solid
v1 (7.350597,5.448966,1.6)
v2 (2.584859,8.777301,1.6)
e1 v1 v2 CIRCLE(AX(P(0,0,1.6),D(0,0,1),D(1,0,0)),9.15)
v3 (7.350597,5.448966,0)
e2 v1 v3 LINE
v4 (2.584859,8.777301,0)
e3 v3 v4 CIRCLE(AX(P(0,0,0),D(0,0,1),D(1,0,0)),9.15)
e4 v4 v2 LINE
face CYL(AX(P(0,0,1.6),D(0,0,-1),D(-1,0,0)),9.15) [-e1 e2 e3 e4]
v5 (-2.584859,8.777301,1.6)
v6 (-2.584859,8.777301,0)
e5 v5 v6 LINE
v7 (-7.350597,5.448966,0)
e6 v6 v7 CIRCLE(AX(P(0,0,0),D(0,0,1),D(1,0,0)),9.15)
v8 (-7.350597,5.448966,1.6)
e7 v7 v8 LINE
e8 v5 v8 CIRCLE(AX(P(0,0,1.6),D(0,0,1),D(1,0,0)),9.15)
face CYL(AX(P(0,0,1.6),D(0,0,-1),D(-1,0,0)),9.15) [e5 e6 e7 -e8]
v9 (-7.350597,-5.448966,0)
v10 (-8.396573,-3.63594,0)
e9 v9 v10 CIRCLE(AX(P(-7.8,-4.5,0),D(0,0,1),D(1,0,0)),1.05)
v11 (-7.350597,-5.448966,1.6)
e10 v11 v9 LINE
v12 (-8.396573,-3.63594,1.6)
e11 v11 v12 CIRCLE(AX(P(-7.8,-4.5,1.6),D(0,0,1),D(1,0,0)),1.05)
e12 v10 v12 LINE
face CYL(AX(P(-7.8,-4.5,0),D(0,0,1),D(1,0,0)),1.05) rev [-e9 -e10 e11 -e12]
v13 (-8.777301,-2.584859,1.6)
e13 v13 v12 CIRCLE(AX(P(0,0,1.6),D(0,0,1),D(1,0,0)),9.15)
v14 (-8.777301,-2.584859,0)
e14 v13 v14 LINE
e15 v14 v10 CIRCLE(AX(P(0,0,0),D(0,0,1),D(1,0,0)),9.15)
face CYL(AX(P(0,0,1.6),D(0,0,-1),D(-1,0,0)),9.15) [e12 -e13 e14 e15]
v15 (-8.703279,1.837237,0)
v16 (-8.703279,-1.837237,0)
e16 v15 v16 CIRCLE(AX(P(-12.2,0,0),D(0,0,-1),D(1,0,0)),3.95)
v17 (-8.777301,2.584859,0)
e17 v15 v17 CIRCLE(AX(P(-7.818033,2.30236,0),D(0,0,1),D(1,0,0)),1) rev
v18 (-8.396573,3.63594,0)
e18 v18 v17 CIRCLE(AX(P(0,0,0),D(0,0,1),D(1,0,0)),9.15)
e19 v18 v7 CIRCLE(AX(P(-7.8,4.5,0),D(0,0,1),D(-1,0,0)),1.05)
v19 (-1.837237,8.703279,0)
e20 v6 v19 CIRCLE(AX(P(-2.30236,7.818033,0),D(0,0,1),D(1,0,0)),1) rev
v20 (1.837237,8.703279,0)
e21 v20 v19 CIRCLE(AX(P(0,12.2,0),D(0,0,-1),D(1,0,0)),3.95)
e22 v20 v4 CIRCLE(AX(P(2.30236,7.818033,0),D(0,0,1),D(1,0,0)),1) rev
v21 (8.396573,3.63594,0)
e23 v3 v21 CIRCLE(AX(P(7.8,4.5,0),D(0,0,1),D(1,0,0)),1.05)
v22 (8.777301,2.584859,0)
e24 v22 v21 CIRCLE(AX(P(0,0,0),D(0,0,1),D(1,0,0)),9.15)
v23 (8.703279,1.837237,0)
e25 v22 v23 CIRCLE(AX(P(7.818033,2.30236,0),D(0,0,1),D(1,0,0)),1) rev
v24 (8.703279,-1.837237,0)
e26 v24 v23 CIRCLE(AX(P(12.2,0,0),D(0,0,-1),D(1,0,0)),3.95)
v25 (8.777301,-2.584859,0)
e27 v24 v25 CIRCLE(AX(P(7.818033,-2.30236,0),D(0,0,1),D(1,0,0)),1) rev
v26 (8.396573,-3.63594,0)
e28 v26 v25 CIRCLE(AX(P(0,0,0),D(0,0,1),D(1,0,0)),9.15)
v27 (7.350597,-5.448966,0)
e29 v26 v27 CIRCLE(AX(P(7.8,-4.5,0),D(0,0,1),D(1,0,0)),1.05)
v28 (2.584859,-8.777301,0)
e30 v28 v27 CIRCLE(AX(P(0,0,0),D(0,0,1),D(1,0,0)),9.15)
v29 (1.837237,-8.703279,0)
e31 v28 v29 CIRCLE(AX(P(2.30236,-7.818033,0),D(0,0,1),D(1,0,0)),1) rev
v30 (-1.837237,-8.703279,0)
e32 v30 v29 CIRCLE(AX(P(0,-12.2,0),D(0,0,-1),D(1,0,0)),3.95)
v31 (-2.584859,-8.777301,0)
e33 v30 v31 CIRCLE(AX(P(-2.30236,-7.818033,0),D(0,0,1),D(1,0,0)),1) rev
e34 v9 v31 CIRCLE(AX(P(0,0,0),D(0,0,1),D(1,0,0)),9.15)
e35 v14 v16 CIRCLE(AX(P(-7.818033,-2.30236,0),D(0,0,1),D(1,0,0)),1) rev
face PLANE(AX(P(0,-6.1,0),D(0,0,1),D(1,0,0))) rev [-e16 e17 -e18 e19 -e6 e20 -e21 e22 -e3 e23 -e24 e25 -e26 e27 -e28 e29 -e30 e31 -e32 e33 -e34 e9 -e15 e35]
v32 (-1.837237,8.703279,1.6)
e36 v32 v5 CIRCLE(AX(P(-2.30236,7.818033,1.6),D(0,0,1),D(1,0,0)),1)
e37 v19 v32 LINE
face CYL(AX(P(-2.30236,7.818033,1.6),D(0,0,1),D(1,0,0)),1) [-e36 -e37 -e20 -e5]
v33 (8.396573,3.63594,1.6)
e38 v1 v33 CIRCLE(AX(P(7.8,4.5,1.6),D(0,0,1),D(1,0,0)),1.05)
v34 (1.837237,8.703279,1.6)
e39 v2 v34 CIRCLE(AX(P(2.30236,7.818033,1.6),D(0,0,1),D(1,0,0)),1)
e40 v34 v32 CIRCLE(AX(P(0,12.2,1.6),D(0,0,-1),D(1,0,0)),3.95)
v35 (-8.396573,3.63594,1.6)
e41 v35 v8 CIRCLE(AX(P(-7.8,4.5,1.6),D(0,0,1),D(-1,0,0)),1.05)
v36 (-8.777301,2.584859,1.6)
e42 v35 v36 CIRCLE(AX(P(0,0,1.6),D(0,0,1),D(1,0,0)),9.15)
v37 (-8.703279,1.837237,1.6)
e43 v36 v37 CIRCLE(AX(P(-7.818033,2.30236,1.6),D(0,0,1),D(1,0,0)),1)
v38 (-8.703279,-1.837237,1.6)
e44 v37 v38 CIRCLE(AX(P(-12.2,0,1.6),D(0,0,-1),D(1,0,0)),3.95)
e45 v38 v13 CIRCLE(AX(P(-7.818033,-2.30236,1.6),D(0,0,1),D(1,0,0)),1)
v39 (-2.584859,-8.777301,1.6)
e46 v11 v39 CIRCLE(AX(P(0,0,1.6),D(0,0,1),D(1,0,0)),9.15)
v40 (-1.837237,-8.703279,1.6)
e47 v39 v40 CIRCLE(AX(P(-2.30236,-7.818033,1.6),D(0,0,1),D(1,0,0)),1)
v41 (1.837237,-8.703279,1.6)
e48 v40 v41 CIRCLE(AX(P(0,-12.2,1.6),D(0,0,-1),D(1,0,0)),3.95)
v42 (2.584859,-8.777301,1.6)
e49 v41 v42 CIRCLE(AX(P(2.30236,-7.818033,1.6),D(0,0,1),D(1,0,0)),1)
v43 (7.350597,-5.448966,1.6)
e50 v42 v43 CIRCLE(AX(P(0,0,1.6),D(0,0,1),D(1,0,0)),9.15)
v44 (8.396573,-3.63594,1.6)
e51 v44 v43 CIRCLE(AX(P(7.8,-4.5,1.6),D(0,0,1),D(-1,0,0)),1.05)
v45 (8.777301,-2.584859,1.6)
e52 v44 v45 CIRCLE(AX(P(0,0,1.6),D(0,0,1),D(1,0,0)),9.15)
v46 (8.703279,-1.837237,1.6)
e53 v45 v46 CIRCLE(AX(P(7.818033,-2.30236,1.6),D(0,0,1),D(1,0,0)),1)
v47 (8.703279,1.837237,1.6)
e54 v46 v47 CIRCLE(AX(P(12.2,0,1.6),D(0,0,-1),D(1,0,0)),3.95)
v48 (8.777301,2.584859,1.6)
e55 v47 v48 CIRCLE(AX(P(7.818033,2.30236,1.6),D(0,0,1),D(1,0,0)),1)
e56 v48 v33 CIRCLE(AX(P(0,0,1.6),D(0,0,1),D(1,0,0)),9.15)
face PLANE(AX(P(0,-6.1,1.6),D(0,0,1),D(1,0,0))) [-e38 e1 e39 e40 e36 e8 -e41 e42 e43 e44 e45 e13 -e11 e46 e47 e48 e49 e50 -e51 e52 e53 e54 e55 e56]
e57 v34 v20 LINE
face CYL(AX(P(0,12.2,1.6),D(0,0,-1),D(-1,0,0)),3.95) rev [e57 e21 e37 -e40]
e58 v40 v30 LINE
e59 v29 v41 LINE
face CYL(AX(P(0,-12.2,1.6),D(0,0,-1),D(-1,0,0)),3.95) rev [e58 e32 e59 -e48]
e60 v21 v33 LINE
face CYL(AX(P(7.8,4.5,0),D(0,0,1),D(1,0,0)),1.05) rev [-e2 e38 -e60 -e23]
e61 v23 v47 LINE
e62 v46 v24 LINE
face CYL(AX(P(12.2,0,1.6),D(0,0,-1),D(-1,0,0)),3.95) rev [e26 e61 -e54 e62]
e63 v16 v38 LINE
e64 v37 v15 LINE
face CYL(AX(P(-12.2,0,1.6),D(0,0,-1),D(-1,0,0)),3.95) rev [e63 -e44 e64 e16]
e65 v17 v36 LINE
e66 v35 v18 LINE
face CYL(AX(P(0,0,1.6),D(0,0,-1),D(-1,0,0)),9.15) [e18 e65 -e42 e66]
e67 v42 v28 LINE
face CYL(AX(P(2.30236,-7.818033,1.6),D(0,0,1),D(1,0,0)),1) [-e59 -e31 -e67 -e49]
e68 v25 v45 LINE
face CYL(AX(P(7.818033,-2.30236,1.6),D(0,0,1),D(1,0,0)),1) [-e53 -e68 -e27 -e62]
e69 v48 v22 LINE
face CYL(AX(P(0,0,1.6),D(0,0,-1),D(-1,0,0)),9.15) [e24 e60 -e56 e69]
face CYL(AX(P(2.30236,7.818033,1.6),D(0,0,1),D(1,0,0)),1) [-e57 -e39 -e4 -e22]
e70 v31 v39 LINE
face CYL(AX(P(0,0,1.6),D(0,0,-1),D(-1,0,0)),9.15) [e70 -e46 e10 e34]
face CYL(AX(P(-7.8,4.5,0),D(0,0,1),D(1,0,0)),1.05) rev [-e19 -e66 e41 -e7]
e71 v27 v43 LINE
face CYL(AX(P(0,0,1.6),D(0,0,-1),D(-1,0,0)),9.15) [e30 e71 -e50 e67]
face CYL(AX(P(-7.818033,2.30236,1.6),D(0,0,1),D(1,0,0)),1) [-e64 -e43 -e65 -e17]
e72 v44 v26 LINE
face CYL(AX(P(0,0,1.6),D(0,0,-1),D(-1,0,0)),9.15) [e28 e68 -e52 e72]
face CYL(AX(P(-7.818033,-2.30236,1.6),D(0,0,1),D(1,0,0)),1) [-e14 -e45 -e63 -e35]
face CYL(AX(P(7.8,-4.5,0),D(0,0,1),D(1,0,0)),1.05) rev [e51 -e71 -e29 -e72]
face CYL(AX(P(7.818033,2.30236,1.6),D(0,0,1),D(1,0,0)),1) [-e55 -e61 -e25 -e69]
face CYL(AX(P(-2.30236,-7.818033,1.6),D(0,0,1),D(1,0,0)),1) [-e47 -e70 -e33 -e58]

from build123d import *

# Parameters (mm, degrees)
BOSS_EXTRUDE1_DEPTH = 1.6
FILLET1_R           = 1
SKETCH2_R           = 1.05
CUT_EXTRUDE1_DEPTH  = 13.572804314


with BuildPart() as part:
    # Sketch1 → Boss-Extrude1 (new body)
    with BuildSketch(Plane.XY):
        with BuildLine():
            ThreePointArc((2.158317505, -8.891803279), (6.470027048, -6.470027048), (8.891803279, -2.158317505))
            ThreePointArc((8.891803279, -2.158317505), (8.25, 0), (8.891803279, 2.158317505))
            ThreePointArc((8.891803279, 2.158317505), (6.470027048, 6.470027048), (2.158317505, 8.891803279))
            ThreePointArc((2.158317505, 8.891803279), (0, 8.25), (-2.158317505, 8.891803279))
            ThreePointArc((-2.158317505, 8.891803279), (-6.470027048, 6.470027048), (-8.891803279, 2.158317505))
            ThreePointArc((-8.891803279, 2.158317505), (-8.25, 0), (-8.891803279, -2.158317505))
            ThreePointArc((-8.891803279, -2.158317505), (-6.470027048, -6.470027048), (-2.158317505, -8.891803279))
            ThreePointArc((-2.158317505, -8.891803279), (0, -8.25), (2.158317505, -8.891803279))
        make_face()
    extrude(amount=BOSS_EXTRUDE1_DEPTH)

    # Fillet1
    fillet1_edges = [part.edges().sort_by_distance(p)[0] for p in [
        (-2.158317505, -8.891803279, 0.8),
        (-8.891803279, -2.158317505, 0.8),
        (-8.891803279, 2.158317505, 0.8),
        (-2.158317505, 8.891803279, 0.8),
        (2.158317505, 8.891803279, 0.8),
        (8.891803279, 2.158317505, 0.8),
        (8.891803279, -2.158317505, 0.8),
        (2.158317505, -8.891803279, 0.8),
    ]]
    fillet(fillet1_edges, radius=FILLET1_R)

    # Sketch2 → Cut-Extrude1 (cut, through all)
    with BuildSketch(Plane.XY.offset(1.6)):
        with Locations((7.8, 4.5)):
            Circle(SKETCH2_R)
        with Locations((7.8, -4.5)):
            Circle(SKETCH2_R)
        with Locations((-7.8, -4.5)):
            Circle(SKETCH2_R)
        with Locations((-7.8, 4.5)):
            Circle(SKETCH2_R)
    extrude(amount=-CUT_EXTRUDE1_DEPTH, mode=Mode.SUBTRACT)


solid = part.part
